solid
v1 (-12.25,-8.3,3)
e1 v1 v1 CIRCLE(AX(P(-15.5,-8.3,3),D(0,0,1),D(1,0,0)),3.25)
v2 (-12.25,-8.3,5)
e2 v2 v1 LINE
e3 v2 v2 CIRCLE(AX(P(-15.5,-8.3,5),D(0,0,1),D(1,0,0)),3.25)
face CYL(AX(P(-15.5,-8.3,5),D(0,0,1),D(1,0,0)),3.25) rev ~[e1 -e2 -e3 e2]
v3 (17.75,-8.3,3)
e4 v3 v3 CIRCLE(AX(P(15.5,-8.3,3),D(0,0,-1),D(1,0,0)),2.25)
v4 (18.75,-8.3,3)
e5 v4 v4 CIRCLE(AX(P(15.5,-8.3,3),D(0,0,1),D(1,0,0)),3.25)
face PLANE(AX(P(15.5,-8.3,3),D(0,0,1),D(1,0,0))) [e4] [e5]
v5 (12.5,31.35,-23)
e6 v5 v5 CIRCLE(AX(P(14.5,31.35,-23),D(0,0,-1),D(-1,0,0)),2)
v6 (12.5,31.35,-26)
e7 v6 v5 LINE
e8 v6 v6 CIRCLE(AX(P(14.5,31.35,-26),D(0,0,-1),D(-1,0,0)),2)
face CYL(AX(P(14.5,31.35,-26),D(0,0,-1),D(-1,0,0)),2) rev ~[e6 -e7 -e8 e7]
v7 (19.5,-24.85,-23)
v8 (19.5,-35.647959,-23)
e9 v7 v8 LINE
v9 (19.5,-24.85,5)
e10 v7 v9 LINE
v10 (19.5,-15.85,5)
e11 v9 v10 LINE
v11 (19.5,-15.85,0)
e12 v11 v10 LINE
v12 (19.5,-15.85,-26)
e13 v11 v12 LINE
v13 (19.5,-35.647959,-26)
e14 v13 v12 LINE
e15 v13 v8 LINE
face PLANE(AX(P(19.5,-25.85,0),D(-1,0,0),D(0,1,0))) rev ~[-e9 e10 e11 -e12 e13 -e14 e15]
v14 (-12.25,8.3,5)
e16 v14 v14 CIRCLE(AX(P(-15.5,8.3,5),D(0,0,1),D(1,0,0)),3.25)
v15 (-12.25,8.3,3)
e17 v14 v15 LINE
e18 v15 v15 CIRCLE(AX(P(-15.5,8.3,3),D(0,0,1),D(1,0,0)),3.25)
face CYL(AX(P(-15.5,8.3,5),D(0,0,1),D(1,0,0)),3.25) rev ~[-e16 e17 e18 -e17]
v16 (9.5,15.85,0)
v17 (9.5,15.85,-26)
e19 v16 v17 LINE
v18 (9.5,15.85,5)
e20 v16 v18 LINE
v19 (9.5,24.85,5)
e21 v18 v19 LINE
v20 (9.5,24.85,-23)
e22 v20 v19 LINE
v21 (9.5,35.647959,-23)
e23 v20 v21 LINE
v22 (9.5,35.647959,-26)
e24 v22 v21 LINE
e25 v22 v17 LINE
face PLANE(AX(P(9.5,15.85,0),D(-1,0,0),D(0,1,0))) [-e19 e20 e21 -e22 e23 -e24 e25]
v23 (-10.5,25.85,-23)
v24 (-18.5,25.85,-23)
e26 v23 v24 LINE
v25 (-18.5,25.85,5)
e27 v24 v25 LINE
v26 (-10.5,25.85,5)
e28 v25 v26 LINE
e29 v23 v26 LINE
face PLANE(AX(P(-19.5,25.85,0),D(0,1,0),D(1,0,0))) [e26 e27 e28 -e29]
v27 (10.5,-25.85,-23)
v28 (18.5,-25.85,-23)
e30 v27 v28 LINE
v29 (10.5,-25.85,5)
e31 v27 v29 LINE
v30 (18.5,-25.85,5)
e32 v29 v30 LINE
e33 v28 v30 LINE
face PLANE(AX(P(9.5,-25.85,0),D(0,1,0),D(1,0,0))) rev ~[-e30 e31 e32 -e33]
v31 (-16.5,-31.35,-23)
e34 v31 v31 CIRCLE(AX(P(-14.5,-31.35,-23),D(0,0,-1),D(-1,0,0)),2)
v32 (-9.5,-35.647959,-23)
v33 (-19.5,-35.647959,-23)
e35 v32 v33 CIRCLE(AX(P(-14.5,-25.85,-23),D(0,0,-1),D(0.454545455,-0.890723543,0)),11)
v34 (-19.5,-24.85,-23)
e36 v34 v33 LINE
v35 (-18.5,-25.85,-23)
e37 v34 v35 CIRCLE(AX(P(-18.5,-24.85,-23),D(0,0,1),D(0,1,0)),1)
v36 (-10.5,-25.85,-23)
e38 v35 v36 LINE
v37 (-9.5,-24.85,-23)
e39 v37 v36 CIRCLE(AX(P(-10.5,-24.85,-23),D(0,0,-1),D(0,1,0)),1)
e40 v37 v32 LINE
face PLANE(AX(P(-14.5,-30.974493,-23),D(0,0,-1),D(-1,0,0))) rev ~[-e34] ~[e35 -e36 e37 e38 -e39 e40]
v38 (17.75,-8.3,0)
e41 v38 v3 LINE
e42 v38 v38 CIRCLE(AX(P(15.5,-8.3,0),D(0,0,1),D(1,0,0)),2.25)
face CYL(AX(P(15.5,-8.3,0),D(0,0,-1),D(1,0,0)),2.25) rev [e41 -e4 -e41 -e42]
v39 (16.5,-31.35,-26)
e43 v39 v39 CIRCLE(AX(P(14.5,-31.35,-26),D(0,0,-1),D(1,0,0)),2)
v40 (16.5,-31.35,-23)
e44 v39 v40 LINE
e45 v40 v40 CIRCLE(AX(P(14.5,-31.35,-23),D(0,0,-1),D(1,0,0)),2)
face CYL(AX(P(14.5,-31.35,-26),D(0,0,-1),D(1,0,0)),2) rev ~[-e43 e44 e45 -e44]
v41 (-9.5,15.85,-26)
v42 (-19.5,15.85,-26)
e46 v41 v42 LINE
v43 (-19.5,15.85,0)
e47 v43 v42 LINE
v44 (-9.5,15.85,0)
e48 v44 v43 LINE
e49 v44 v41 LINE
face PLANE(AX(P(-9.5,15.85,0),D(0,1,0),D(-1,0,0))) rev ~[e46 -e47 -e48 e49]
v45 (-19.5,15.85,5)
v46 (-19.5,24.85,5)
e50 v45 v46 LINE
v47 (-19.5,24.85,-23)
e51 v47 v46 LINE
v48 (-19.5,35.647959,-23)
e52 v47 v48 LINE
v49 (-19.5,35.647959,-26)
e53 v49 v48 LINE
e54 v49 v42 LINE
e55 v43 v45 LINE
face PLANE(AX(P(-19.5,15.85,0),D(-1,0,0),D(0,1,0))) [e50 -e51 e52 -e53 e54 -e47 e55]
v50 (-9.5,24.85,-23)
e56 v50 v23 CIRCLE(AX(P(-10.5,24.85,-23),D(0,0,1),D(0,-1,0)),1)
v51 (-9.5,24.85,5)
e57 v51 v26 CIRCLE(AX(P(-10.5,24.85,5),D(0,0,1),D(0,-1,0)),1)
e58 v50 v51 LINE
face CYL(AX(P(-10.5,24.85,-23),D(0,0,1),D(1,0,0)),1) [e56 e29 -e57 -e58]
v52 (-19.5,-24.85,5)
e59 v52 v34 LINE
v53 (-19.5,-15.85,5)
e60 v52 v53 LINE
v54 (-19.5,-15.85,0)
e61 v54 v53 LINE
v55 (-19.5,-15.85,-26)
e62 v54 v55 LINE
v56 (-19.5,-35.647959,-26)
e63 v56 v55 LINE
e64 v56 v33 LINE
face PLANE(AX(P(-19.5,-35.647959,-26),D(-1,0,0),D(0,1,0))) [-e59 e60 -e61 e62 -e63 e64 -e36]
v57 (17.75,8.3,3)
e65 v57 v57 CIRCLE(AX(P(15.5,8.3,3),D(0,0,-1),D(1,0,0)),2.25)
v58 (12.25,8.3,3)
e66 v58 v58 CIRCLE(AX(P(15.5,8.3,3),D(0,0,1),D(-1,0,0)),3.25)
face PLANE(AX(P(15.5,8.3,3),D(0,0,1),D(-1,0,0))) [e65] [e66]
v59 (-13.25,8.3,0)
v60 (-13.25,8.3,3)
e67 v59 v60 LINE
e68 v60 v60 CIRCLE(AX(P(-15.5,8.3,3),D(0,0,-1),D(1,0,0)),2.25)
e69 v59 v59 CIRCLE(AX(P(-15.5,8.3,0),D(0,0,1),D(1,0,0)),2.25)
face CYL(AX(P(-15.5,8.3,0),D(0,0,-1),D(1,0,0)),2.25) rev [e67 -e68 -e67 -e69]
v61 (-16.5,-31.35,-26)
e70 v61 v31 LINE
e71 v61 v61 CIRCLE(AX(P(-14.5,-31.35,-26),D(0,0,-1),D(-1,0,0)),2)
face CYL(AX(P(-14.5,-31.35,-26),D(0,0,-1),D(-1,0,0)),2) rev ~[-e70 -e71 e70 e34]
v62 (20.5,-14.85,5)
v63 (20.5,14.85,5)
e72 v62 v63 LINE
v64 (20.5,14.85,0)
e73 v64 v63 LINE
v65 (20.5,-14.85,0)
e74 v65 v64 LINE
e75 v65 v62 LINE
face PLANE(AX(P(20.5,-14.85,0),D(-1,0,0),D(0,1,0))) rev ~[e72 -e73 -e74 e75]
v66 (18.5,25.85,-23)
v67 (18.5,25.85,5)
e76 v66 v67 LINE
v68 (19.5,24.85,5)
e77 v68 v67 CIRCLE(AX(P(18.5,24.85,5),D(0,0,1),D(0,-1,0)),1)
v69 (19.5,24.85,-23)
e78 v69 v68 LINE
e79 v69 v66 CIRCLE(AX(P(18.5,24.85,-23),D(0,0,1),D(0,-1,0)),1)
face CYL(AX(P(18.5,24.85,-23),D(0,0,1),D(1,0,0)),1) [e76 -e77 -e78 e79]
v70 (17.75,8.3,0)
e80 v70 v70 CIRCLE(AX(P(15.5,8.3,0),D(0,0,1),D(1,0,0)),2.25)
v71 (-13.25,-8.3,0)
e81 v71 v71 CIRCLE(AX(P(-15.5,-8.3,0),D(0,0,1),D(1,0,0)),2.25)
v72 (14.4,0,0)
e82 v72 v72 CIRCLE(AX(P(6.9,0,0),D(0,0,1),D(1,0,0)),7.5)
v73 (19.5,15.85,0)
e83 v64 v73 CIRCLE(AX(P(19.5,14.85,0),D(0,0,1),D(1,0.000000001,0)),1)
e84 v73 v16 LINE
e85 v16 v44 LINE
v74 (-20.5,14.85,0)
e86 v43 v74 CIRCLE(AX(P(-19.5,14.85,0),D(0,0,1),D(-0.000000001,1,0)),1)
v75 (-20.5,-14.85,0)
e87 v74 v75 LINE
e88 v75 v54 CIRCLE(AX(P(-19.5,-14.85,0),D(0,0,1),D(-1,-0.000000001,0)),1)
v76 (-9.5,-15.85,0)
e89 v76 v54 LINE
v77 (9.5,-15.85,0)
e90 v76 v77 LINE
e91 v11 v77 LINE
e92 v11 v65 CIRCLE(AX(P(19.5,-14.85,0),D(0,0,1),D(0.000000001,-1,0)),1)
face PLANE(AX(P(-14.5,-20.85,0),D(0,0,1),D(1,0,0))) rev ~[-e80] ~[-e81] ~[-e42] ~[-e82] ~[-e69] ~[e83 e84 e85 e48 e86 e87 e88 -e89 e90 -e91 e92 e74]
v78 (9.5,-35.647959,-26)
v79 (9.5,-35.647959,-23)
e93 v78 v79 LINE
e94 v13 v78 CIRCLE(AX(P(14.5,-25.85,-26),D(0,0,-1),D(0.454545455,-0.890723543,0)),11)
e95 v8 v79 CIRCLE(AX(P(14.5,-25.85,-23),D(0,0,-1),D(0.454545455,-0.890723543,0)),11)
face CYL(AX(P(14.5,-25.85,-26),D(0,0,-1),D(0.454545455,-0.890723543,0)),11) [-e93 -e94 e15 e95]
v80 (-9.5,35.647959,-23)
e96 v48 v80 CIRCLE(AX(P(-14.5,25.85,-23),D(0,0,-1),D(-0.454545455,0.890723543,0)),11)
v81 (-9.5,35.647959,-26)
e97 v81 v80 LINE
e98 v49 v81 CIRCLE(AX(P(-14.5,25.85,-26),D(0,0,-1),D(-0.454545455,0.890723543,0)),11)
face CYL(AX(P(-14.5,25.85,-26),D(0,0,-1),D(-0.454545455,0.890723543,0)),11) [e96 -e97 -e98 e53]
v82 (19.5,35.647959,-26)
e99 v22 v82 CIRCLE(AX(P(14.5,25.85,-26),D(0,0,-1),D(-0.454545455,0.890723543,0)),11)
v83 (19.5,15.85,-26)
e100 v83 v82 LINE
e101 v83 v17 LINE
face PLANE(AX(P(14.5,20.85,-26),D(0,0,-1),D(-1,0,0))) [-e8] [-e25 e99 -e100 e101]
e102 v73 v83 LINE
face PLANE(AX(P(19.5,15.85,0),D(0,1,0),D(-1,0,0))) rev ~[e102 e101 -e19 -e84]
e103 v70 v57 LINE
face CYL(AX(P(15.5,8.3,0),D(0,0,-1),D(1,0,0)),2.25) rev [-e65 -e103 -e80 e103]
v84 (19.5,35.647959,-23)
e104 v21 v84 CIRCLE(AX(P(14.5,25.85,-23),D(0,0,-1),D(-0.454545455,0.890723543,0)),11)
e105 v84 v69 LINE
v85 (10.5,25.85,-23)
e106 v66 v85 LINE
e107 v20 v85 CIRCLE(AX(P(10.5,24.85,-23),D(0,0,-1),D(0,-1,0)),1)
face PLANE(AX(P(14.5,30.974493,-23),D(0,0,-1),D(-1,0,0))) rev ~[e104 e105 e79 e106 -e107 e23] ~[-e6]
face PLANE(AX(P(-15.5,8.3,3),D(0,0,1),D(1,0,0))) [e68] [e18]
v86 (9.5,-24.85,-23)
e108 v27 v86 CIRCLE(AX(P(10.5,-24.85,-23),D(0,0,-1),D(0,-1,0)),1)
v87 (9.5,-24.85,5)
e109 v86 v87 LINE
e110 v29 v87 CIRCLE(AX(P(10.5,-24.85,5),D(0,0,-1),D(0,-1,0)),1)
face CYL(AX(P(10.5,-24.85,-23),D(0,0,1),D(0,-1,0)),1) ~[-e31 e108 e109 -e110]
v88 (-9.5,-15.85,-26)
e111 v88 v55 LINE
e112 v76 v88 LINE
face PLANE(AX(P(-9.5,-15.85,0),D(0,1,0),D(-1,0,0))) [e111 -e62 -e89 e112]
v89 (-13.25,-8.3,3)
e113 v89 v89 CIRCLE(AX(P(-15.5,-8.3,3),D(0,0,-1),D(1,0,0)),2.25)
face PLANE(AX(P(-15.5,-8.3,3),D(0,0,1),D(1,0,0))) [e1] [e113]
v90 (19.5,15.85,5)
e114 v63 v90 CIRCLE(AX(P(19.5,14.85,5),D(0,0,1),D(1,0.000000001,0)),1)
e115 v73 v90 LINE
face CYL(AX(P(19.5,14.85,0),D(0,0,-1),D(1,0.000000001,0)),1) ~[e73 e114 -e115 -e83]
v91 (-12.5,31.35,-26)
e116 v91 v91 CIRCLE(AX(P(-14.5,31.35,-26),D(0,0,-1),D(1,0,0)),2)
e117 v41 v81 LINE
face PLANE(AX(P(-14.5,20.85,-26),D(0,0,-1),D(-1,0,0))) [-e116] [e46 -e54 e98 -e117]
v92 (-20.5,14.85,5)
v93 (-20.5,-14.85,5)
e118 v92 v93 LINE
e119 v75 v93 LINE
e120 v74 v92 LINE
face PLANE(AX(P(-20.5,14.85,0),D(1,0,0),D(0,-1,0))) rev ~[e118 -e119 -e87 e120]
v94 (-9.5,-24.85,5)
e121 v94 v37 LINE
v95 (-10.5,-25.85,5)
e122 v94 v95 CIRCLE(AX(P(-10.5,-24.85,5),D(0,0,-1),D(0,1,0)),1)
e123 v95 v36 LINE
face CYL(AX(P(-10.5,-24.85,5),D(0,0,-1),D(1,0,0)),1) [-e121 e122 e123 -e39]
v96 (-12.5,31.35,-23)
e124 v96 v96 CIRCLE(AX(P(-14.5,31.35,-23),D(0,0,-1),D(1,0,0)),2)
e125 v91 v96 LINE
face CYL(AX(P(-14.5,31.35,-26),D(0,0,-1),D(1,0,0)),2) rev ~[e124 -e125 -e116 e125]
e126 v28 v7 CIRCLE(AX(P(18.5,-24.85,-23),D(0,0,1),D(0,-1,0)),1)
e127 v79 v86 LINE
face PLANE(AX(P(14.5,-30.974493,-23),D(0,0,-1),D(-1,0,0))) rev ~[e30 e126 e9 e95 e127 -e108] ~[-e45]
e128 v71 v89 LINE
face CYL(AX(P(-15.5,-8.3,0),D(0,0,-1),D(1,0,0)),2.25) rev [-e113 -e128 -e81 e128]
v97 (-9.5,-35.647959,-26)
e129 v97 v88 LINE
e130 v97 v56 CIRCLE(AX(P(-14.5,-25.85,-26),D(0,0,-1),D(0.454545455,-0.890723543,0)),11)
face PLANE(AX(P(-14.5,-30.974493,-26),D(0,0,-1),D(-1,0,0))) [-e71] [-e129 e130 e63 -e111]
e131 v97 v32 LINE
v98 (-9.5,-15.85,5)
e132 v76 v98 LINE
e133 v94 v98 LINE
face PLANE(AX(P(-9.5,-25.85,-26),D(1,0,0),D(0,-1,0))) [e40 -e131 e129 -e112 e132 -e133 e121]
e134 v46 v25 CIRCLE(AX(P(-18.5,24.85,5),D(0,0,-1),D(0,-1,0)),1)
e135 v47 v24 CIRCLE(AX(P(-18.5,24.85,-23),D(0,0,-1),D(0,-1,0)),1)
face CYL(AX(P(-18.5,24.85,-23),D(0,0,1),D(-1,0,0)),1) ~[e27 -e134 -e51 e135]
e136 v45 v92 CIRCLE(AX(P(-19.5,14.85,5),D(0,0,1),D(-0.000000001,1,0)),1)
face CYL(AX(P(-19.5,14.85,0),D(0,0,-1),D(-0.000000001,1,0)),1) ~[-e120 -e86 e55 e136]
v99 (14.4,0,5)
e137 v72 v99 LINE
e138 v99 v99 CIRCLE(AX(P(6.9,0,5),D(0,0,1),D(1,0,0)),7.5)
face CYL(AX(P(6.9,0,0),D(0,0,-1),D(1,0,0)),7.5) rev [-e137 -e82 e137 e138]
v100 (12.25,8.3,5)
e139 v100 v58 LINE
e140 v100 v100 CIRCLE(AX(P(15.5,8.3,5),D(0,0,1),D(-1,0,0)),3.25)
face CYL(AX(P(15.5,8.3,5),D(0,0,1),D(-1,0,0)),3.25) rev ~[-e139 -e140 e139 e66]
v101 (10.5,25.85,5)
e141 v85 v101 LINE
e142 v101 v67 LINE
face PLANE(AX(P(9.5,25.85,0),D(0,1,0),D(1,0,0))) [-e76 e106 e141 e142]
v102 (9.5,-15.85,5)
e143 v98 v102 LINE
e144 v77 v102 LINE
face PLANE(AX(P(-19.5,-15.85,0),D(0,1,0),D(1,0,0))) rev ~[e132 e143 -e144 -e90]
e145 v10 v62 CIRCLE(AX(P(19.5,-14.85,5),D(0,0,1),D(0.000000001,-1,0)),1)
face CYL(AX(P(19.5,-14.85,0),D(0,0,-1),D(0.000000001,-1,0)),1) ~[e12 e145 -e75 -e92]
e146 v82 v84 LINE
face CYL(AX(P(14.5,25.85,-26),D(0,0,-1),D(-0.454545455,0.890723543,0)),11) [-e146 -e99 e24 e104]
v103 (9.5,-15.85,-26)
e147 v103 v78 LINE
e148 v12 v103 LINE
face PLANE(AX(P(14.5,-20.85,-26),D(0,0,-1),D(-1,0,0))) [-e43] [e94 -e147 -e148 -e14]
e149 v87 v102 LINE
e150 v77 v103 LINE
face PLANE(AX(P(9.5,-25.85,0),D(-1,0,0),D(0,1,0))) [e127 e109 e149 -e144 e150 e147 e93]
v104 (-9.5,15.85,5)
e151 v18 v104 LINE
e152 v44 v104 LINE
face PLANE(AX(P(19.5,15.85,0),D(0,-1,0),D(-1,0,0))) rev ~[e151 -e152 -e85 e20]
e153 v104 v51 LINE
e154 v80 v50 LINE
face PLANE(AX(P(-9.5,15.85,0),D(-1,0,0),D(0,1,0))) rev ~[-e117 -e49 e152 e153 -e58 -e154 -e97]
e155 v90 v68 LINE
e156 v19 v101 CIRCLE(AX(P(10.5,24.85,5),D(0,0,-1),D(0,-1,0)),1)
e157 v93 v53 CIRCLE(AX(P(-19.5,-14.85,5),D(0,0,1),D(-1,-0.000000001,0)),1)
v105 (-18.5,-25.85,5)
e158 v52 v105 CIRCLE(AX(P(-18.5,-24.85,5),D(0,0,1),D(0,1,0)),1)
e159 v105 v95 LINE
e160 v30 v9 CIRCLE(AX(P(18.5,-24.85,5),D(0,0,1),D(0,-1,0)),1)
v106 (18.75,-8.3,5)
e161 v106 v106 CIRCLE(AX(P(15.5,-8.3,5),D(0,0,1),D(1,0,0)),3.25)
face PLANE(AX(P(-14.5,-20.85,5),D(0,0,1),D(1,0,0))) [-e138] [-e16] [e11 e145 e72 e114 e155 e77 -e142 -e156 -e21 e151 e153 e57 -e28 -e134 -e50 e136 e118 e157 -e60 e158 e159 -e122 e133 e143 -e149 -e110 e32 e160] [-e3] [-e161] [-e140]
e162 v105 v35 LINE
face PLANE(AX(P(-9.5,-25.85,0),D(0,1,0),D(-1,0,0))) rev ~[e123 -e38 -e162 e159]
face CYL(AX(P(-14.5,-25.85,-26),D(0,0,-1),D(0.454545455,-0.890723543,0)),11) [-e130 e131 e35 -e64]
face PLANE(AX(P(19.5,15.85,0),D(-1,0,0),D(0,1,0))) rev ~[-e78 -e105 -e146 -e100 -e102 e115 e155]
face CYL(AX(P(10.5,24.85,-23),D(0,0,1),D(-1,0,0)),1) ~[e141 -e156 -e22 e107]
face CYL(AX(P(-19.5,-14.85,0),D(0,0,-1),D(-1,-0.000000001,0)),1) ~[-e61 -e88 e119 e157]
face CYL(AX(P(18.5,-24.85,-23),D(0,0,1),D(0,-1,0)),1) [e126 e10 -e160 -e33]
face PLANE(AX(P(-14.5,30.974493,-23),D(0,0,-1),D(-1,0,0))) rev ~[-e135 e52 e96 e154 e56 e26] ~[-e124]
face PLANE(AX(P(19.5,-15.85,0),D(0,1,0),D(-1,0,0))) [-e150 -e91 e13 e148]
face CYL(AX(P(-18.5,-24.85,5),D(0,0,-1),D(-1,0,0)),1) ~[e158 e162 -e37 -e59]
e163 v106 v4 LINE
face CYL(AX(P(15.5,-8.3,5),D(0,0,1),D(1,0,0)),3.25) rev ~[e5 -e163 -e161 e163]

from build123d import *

# Parameters (mm, degrees)
SKETCH1_W           = 10
SKETCH1_H           = 10
SKETCH1_R           = 7.5
SKETCH1_R_2         = 2.25
BOSS_EXTRUDE1_DEPTH = 5
SKETCH2_W           = 10
SKETCH2_H           = 10
BOSS_EXTRUDE2_DEPTH = 26
SKETCH4_R           = 2
BOSS_EXTRUDE3_DEPTH = 3
FILLET1_R           = 1
SKETCH5_R           = 3.25
CUT_EXTRUDE1_DEPTH  = 2


with BuildPart() as part:
    # Sketch1 → Boss-Extrude1 (new body)
    # profile 1 of 5: a face of its own
    with BuildSketch(Plane.XY):
        with Locations((-14.5, 20.85)):
            Rectangle(SKETCH1_W, SKETCH1_H)
    # profile 2 of 5: a face of its own
    with BuildSketch(Plane.XY):
        with Locations((14.5, 20.85)):
            Rectangle(SKETCH1_W, SKETCH1_H)
    # profile 3 of 5: a face of its own
    with BuildSketch(Plane.XY):
        with BuildLine():
            Line((-20.5, -1.457145002), (-20.5, -14.85))
            ThreePointArc((-20.5, -14.85), (-20.207106781, -15.557106781), (-19.5, -15.85))
            Line((-19.5, -15.85), (19.5, -15.85))
            ThreePointArc((19.5, -15.85), (20.207106781, -15.557106781), (20.5, -14.85))
            Line((20.5, -14.85), (20.5, 14.85))
            ThreePointArc((20.5, 14.85), (20.207106781, 15.557106781), (19.5, 15.85))
            Line((19.5, 15.85), (-19.5, 15.85))
            ThreePointArc((-19.5, 15.85), (-20.207106781, 15.557106781), (-20.5, 14.85))
            Line((-20.5, 14.85), (-20.5, -1.457145002))
        make_face()
        with Locations((6.9, 0)):
            Circle(SKETCH1_R, mode=Mode.SUBTRACT)
        with Locations((15.5, 8.3)):
            Circle(SKETCH1_R_2, mode=Mode.SUBTRACT)
        with Locations((15.5, -8.3)):
            Circle(SKETCH1_R_2, mode=Mode.SUBTRACT)
        with Locations((-15.5, -8.3)):
            Circle(SKETCH1_R_2, mode=Mode.SUBTRACT)
        with Locations((-15.5, 8.3)):
            Circle(SKETCH1_R_2, mode=Mode.SUBTRACT)
    # profile 4 of 5: a face of its own
    with BuildSketch(Plane.XY):
        with Locations((14.5, -20.85)):
            Rectangle(SKETCH1_W, SKETCH1_H)
    # profile 5 of 5: a face of its own
    with BuildSketch(Plane.XY):
        with Locations((-14.5, -20.85)):
            Rectangle(SKETCH1_W, SKETCH1_H)
    extrude(amount=BOSS_EXTRUDE1_DEPTH)

    # Sketch2 → Boss-Extrude2 (add)
    with BuildSketch(Plane(origin=(0, 0, 0), x_dir=(-1, 0, 0), z_dir=(0, 0, -1))):
        with Locations((14.5, -20.85)):
            Rectangle(SKETCH2_W, SKETCH2_H)
        with Locations((-14.5, -20.85)):
            Rectangle(SKETCH2_W, SKETCH2_H)
        with Locations((14.5, 20.85)):
            Rectangle(SKETCH2_W, SKETCH2_H)
        with Locations((-14.5, 20.85)):
            Rectangle(SKETCH2_W, SKETCH2_H)
    extrude(amount=BOSS_EXTRUDE2_DEPTH)

    # Sketch4 → Boss-Extrude3 (add)
    # profile 1 of 4: a face of its own
    with BuildSketch(Plane(origin=(0, 0, -26), x_dir=(-1, 0, 0), z_dir=(0, 0, -1))):
        with BuildLine():
            Line((9.5, -25.85), (9.5, -35.647958971))
            ThreePointArc((9.5, -35.647958971), (14.5, -36.85), (19.5, -35.647958971))
            Line((19.5, -35.647958971), (19.5, -25.85))
            Line((19.5, -25.85), (9.5, -25.85))
        make_face()
        with Locations((14.5, -31.35)):
            Circle(SKETCH4_R, mode=Mode.SUBTRACT)
    # profile 2 of 4: a face of its own
    with BuildSketch(Plane(origin=(0, 0, -26), x_dir=(-1, 0, 0), z_dir=(0, 0, -1))):
        with BuildLine():
            Line((-19.5, -25.85), (-19.5, -35.647958971))
            ThreePointArc((-19.5, -35.647958971), (-14.5, -36.85), (-9.5, -35.647958971))
            Line((-9.5, -35.647958971), (-9.5, -25.85))
            Line((-9.5, -25.85), (-19.5, -25.85))
        make_face()
        with Locations(Location((-14.5, -31.35, 0), (0, 0, 180))):
            Circle(SKETCH4_R, mode=Mode.SUBTRACT)
    # profile 3 of 4: a face of its own
    with BuildSketch(Plane(origin=(0, 0, -26), x_dir=(-1, 0, 0), z_dir=(0, 0, -1))):
        with BuildLine():
            Line((19.5, 25.85), (19.5, 35.647958971))
            ThreePointArc((19.5, 35.647958971), (14.5, 36.85), (9.5, 35.647958971))
            Line((9.5, 35.647958971), (9.5, 25.85))
            Line((9.5, 25.85), (19.5, 25.85))
        make_face()
        with Locations(Location((14.5, 31.35, 0), (0, 0, 180))):
            Circle(SKETCH4_R, mode=Mode.SUBTRACT)
    # profile 4 of 4: a face of its own
    with BuildSketch(Plane(origin=(0, 0, -26), x_dir=(-1, 0, 0), z_dir=(0, 0, -1))):
        with BuildLine():
            Line((-9.5, 25.85), (-9.5, 35.647958971))
            ThreePointArc((-9.5, 35.647958971), (-14.5, 36.85), (-19.5, 35.647958971))
            Line((-19.5, 35.647958971), (-19.5, 25.85))
            Line((-19.5, 25.85), (-9.5, 25.85))
        make_face()
        with Locations((-14.5, 31.35)):
            Circle(SKETCH4_R, mode=Mode.SUBTRACT)
    extrude(amount=-BOSS_EXTRUDE3_DEPTH)

    # Fillet1
    fillet1_edges = [part.edges().sort_by_distance(p)[0] for p in [
        (9.5, 25.85, -9),
        (19.5, 25.85, -9),
        (19.5, -25.85, -9),
        (9.5, -25.85, -9),
        (-9.5, -25.85, -9),
        (-19.5, -25.85, -9),
        (-19.5, 25.85, -9),
        (-9.5, 25.85, -9),
    ]]
    fillet(fillet1_edges, radius=FILLET1_R)

    # Sketch5 → Cut-Extrude1 (cut)
    with BuildSketch(Plane.XY.offset(5)):
        with Locations((-15.5, -8.3)):
            Circle(SKETCH5_R)
        with Locations((-15.5, 8.3)):
            Circle(SKETCH5_R)
        with Locations((15.5, -8.3)):
            Circle(SKETCH5_R)
        with Locations(Location((15.5, 8.3, 0), (0, 0, 180))):
            Circle(SKETCH5_R)
    extrude(amount=-CUT_EXTRUDE1_DEPTH, mode=Mode.SUBTRACT)


solid = part.part
